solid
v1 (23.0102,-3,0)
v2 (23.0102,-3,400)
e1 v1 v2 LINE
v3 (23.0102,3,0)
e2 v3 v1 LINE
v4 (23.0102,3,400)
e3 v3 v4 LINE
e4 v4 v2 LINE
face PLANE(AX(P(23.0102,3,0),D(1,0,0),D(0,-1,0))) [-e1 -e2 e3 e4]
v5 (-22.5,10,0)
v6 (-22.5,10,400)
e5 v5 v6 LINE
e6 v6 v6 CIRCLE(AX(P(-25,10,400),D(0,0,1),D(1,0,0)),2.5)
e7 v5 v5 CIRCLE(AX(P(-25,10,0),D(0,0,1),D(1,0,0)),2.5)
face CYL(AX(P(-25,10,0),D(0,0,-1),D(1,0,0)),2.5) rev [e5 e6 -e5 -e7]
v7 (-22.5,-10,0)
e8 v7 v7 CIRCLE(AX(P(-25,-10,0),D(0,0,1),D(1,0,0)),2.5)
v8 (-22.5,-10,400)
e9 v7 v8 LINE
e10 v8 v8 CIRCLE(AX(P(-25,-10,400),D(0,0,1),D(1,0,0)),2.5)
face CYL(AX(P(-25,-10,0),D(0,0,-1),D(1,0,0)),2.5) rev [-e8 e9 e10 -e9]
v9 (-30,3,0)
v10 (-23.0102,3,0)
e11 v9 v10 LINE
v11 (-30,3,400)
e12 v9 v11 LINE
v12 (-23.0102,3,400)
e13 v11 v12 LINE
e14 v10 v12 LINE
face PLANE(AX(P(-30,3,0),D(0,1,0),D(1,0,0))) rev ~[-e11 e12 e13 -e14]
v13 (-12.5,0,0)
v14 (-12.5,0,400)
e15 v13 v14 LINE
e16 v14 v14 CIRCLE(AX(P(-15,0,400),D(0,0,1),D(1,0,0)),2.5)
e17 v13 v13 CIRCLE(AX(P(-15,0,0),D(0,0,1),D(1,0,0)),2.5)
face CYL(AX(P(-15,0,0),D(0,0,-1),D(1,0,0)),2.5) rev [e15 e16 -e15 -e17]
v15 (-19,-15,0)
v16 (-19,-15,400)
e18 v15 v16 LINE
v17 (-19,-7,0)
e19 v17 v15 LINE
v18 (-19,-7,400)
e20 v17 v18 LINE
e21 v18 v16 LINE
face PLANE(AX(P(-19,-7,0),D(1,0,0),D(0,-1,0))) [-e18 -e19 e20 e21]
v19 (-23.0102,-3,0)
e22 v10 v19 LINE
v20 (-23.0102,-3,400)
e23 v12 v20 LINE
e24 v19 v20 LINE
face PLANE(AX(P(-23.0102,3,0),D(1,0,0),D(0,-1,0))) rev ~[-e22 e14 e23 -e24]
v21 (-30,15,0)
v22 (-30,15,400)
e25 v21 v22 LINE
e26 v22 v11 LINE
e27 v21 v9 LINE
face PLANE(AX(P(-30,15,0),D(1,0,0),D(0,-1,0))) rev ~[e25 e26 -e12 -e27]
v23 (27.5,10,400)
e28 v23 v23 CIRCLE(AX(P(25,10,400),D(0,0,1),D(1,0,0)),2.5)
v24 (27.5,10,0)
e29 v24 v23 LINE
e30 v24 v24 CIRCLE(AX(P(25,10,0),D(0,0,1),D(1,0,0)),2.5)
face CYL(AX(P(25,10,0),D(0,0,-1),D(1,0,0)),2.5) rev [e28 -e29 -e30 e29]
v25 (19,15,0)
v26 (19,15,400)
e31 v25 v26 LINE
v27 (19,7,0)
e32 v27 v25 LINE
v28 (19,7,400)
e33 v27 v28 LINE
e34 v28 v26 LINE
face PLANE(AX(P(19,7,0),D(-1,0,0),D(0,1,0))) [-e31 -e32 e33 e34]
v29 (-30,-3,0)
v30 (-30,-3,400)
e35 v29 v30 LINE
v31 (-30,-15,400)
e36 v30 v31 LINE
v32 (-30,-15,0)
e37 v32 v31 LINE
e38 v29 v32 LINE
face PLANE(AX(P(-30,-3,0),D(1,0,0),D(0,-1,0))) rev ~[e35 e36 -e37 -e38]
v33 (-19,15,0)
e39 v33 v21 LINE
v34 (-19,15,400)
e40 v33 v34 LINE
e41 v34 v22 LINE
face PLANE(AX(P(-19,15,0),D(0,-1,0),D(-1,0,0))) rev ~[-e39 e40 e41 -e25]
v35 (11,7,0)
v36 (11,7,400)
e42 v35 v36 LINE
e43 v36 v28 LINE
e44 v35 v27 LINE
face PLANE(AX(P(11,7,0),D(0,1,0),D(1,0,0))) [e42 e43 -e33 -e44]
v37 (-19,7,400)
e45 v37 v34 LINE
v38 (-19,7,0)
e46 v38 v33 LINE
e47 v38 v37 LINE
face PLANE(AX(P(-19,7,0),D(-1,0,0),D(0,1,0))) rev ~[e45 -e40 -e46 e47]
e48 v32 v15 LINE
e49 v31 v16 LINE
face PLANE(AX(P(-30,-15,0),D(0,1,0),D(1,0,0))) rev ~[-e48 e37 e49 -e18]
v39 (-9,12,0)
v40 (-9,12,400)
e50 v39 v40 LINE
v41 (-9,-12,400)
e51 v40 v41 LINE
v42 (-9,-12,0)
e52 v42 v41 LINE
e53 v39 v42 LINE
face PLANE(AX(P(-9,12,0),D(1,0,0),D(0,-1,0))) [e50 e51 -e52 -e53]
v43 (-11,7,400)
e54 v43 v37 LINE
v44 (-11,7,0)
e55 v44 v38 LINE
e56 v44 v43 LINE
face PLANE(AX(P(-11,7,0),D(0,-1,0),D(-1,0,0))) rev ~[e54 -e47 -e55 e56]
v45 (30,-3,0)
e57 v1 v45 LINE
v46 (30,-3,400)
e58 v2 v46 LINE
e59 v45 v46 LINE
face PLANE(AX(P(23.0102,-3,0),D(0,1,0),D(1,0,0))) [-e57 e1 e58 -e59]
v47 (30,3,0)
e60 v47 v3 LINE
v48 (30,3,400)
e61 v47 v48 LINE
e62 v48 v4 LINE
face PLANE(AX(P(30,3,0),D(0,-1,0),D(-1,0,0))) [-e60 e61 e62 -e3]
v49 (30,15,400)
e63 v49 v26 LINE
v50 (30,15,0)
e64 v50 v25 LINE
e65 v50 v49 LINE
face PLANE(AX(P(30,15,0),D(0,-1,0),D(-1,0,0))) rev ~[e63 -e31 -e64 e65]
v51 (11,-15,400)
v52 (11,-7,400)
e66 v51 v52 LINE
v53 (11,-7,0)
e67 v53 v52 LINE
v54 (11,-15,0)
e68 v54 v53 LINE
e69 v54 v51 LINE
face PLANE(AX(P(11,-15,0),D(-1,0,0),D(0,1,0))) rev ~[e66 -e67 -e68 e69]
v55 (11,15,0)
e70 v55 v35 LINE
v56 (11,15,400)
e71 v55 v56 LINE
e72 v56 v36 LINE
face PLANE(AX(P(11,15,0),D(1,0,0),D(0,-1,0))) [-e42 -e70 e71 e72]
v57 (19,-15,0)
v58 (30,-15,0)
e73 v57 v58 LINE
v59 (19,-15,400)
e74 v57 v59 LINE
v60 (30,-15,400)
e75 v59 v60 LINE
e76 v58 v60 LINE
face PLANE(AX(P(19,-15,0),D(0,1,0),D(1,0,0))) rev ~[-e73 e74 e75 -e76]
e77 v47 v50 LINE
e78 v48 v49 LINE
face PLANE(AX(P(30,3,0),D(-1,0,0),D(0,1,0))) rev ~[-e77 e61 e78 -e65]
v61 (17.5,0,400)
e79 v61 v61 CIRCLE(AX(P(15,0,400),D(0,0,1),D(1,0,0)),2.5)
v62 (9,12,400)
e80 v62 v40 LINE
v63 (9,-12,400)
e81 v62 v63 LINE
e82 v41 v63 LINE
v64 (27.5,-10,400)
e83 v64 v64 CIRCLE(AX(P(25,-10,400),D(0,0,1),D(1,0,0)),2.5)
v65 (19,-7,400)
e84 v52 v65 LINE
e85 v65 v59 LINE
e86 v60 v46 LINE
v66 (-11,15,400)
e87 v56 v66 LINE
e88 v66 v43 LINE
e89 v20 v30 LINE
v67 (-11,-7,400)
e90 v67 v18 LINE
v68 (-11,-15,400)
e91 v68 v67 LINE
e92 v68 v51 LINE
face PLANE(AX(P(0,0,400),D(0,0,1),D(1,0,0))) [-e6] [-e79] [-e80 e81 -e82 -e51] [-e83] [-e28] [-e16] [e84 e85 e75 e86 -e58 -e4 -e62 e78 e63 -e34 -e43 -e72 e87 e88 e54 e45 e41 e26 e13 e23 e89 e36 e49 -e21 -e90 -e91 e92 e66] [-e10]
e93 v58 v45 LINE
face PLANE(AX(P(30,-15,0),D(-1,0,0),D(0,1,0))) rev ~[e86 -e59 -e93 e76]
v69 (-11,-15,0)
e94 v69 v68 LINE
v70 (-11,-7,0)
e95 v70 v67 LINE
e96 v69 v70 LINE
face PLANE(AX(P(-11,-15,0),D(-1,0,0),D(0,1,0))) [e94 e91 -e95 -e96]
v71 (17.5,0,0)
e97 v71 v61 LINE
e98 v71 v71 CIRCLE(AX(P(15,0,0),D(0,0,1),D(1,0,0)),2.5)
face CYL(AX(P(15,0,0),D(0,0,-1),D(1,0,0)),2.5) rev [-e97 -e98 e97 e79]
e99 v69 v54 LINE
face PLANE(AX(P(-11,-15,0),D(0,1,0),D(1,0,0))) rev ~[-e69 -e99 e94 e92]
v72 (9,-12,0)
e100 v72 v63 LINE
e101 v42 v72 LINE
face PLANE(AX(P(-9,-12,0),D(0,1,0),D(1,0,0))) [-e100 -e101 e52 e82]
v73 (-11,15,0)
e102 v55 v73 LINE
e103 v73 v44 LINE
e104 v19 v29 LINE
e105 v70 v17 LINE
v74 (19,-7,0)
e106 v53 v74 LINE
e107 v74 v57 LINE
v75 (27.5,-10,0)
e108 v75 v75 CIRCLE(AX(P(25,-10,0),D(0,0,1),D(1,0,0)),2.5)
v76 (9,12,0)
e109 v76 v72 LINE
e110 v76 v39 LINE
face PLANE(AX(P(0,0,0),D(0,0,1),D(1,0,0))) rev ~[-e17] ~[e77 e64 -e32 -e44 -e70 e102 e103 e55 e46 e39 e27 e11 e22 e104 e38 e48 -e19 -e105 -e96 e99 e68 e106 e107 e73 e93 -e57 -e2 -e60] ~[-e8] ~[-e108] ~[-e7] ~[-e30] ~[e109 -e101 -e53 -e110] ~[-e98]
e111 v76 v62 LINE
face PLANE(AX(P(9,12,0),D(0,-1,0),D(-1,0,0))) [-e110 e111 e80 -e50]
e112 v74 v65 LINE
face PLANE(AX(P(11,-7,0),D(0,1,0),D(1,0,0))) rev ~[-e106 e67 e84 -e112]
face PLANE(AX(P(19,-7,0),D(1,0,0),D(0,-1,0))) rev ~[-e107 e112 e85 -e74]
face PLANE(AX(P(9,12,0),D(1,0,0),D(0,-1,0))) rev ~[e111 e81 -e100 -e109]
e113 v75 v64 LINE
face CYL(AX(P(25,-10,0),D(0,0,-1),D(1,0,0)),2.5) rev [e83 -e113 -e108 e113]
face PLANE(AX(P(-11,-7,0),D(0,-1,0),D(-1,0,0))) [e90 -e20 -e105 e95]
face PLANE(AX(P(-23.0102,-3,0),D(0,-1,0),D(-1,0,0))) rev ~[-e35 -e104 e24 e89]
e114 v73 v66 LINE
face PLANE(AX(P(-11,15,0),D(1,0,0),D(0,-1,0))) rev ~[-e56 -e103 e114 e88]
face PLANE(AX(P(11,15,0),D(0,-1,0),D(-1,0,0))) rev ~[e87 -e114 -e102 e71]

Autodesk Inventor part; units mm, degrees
ref_plane "YZ Plane" through (0, 0, 0) normal (1, 0, 0) x (0, 1, 0)
ref_plane "XZ Plane" through (0, 0, 0) normal (0, 1, 0) x (-1, 0, 0)
ref_plane "XY Plane" through (0, 0, 0) normal (0, 0, 1) x (1, 0, 0)
sketch "스케치2" plane through (0, 0, 0) normal (0, 1, 0) x (-1, 0, 0)
  point P0 (0, 0)
sketch "스케치3" plane through (0, 0, 0) normal (0, 0, 1) x (1, 0, 0)
  line L0 (9, 12) -> (-9, 12)
  line L1 (-9, 12) -> (-9, -12)
  line L2 (-9, -12) -> (9, -12)
  circle A0 centre (-15, 0) radius 2.5
  line L3 (-30, 3) -> (-23.0102, 3)
  line L4 (-23.0102, 3) -> (-23.0102, -3)
  line L5 (-23.0102, -3) -> (-30, -3)
  circle A1 centre (-25, 10) radius 2.5
  circle A2 centre (-25, -10) radius 2.5
  line L6 (-11, 15) -> (-11, 7)
  line L7 (-11, 7) -> (-19, 7)
  line L8 (-19, 7) -> (-19, 15)
  line L9 (-11, -15) -> (-11, -7)
  line L10 (-11, -7) -> (-19, -7)
  line L11 (-19, -7) -> (-19, -15)
  line L12 (0, 0) -> (0, 6.2696)
  line L13 (-9, 12) -> (9, 12)
  line L14 (9, 12) -> (9, -12)
  line L15 (9, -12) -> (-9, -12)
  circle A3 centre (15, 0) radius 2.5
  line L16 (30, 3) -> (23.0102, 3)
  line L17 (23.0102, 3) -> (23.0102, -3)
  line L18 (23.0102, -3) -> (30, -3)
  circle A4 centre (25, 10) radius 2.5
  circle A5 centre (25, -10) radius 2.5
  line L19 (11, 15) -> (11, 7)
  line L20 (11, 7) -> (19, 7)
  line L21 (19, 7) -> (19, 15)
  line L22 (11, -15) -> (11, -7)
  line L23 (11, -7) -> (19, -7)
  line L24 (19, -7) -> (19, -15)
  line L25 (-30, 15) -> (-30, 3)
  line L26 (-30, -3) -> (-30, -15)
  line L27 (-30, -15) -> (-19, -15)
  line L28 (-11, -15) -> (11, -15)
  line L29 (19, -15) -> (30, -15)
  line L30 (30, -15) -> (30, -3)
  line L31 (30, 3) -> (30, 15)
  line L32 (30, 15) -> (19, 15)
  line L33 (11, 15) -> (-11, 15)
  line L34 (-19, 15) -> (-30, 15)
  line L35 (-9, 12) -> (-9, -12)
  line L36 (9, -12) -> (9, 12)
  line L37 (9, 12) -> (-9, 12)
  line L38 (-9, -12) -> (9, -12)
  dimension "d31" = 24
  dimension "d32" = 12
  dimension "d35" = 15
  dimension "d36" = 9
  dimension "d37" = 5
  dimension "d38" = 5
  dimension "d39" = 20
  dimension "d40" = 10
  dimension "d41" = 25
  dimension "d42" = 5
  dimension "d45" = 4
  dimension "d46" = 8
  dimension "d51" = 14.0102
  dimension "d55" = 6
  dimension "d56" = 3
  dimension "d58" = 60
  dimension "d59" = 30
  dimension "d60" = 15
  dimension "d61" = 8
  dimension "d62" = 8
  dimension "d63" = 8
  dimension "d64" = 14
  dimension "d65" = 7
  dimension "d66" = 19
  dimension "d67" = 15
  dimension "d68" = 60
  dimension "d69" = 6
extrude "돌출2" add sketch "스케치3" along normal blind 400
equation "\"TransitionRadius\" = BendRadius"
equation "\"BendRadius\" = 0.5"
properties part number "3060400"
